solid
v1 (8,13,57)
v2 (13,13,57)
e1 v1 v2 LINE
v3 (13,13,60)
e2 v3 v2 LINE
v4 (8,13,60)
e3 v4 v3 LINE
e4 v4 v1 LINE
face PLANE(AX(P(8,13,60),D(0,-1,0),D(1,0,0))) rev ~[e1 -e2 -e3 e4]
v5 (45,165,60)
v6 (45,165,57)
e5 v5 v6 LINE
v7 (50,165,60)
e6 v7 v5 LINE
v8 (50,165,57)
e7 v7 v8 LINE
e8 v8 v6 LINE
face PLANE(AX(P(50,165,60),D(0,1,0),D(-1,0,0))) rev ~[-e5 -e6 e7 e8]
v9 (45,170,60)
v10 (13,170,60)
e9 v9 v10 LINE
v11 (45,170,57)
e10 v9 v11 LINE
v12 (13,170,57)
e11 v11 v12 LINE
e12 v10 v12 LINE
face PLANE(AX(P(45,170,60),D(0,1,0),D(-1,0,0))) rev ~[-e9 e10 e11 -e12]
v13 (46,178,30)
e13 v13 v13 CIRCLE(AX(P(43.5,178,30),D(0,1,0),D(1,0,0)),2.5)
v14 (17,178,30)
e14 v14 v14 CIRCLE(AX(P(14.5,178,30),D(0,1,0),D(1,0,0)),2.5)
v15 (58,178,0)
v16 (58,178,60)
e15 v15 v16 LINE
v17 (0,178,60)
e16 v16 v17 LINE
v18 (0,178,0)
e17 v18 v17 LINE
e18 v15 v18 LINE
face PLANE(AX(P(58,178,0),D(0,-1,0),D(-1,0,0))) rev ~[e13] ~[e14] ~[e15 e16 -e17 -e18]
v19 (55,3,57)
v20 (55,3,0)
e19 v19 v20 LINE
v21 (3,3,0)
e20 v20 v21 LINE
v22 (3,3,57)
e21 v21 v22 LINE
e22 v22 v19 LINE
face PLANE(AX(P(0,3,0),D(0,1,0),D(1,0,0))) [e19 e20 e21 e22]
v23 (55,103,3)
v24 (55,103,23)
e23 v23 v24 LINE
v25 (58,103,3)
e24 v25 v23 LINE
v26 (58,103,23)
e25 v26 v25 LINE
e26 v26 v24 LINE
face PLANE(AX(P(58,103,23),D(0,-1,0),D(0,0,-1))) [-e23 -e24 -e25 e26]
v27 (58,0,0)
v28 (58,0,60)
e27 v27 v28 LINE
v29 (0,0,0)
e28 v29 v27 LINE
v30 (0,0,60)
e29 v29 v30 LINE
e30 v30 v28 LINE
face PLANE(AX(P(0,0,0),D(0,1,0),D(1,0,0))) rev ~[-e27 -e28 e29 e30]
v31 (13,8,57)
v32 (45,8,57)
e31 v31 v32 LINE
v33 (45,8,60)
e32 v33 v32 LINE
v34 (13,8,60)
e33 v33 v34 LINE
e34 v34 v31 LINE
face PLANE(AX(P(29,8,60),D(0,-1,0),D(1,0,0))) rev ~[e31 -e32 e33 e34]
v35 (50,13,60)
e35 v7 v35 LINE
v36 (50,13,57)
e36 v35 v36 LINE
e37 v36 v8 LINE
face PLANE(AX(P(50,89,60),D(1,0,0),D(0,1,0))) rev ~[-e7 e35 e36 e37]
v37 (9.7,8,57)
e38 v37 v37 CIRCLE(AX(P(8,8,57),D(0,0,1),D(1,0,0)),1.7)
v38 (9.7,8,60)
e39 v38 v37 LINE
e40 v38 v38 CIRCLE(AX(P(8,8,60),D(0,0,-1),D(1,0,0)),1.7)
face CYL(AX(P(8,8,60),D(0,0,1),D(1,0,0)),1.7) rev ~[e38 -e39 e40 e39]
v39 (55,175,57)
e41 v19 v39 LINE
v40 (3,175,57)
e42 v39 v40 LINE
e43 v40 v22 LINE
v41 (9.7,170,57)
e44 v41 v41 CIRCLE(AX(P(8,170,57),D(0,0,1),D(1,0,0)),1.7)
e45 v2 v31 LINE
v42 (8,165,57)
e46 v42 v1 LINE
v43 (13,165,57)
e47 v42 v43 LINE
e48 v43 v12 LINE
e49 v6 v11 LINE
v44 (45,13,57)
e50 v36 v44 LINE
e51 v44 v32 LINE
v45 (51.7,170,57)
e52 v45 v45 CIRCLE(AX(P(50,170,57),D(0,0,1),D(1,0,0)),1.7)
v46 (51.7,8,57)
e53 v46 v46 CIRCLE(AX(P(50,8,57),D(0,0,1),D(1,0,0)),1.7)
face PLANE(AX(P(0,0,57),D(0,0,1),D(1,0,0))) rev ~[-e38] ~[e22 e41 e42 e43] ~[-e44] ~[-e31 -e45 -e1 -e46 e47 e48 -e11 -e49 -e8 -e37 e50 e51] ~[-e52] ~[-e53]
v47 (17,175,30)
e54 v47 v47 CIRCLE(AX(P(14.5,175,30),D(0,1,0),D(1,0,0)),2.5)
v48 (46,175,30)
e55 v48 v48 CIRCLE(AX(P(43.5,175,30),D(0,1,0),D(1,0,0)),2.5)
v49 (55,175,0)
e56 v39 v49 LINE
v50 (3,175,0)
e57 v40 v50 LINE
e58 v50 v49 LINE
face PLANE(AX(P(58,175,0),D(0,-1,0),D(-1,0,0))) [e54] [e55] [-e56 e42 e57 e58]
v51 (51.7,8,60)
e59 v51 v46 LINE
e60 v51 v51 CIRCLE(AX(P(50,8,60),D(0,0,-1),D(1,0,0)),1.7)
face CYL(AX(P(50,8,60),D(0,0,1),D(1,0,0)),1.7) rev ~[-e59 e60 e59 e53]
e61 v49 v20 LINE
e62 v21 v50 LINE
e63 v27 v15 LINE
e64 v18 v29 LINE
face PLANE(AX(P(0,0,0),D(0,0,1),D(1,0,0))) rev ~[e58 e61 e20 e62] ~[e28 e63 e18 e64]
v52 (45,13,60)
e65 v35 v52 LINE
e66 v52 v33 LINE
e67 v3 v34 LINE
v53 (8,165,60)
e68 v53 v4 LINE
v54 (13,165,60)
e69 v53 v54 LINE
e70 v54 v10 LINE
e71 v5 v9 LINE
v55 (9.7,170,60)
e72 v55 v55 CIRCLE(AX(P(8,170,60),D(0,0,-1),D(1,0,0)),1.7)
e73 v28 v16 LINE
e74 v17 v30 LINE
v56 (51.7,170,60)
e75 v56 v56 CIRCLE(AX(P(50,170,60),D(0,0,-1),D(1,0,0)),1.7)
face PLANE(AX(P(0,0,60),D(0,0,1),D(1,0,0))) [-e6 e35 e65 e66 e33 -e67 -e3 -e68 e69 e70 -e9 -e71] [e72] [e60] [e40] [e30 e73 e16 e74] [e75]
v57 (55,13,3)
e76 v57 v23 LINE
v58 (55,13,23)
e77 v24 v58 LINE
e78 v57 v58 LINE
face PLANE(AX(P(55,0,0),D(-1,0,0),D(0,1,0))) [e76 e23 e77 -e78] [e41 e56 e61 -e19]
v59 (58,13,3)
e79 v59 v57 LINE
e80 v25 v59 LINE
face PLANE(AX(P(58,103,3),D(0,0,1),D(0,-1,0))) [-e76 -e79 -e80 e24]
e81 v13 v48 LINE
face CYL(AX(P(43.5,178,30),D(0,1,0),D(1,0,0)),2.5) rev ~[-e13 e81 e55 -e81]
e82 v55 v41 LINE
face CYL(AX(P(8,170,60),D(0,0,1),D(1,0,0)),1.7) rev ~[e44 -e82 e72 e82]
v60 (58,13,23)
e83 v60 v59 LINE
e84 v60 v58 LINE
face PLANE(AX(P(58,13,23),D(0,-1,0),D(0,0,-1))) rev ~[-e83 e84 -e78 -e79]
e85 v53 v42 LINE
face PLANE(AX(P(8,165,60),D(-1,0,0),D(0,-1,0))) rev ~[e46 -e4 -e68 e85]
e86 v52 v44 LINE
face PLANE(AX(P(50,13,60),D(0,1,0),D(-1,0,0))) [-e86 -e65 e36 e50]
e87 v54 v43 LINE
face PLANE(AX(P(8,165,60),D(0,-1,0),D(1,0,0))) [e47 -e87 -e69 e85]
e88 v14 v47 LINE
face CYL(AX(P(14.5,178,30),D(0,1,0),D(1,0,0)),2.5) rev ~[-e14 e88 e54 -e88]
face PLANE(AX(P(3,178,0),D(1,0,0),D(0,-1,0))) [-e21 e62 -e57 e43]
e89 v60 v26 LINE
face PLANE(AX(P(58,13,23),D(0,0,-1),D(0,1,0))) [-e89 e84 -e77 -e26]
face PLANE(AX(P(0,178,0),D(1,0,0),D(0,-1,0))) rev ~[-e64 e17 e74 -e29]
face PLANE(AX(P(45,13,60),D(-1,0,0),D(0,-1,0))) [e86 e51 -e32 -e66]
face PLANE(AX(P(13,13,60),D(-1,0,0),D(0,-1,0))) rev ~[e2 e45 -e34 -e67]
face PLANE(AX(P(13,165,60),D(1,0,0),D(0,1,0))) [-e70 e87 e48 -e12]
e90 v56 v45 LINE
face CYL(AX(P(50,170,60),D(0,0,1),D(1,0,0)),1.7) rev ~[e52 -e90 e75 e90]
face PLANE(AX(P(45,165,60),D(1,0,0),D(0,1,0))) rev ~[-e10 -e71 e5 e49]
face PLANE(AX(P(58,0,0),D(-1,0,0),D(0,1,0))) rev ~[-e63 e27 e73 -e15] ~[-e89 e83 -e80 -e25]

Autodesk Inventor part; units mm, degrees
ref_plane "YZ Plane" through (0, 0, 0) normal (1, 0, 0) x (0, 1, 0)
ref_plane "XZ Plane" through (0, 0, 0) normal (0, 1, 0) x (-1, 0, 0)
ref_plane "XY Plane" through (0, 0, 0) normal (0, 0, 1) x (1, 0, 0)
sketch "Sketch1" plane through (0, 0, 0) normal (0, 0, 1) x (1, 0, 0)
  line L0 (0, 0) -> (58, 0)
  line L1 (58, 0) -> (58, 178)
  line L2 (58, 178) -> (0, 178)
  line L3 (0, 178) -> (0, 0)
  dimension "d0" = 58
  dimension "d1" = 178
extrude "Extrusion1" add sketch "Sketch1" along normal blind 60
shell "Shell1" thickness 3 removed faces 1 at (19.3333, 118.6667, 0)
sketch "Sketch2" plane through (0, 0, 60) normal (0, 0, 1) x (1, 0, 0)
  line L0 (3, 3) -> (55, 3) projected
  line L1 (3, 3) -> (8, 3)
  line L2 (8, 3) -> (8, 6.3)
  line L3 (55, 3) -> (55, 175) projected
  line L4 (55, 175) -> (55, 170)
  line L5 (55, 170) -> (51.7, 170)
  line L6 (48.3, 170) -> (9.7, 170)
  line L7 (8, 168.3) -> (8, 9.7)
  line L8 (9.7, 8) -> (48.3, 8)
  line L9 (50, 9.7) -> (50, 168.3)
  circle A0 centre (8, 8) radius 1.7
  line L10 (9.7, 8) -> (13, 8)
  line L11 (8, 9.7) -> (8, 13)
  line L12 (8, 13) -> (13, 13)
  line L13 (13, 13) -> (13, 8)
  line L14 (29, 8) -> (29, 9.7)
  circle A1 centre (50, 8) radius 1.7
  line L15 (48.3, 8) -> (45, 8)
  line L16 (50, 9.7) -> (50, 13)
  line L17 (50, 13) -> (45, 13)
  line L18 (45, 13) -> (45, 8)
  line L19 (50, 89) -> (45, 89)
  circle A2 centre (8, 170) radius 1.7
  line L20 (9.7, 170) -> (13, 170)
  line L21 (8, 168.3) -> (8, 165)
  line L22 (8, 165) -> (13, 165)
  line L23 (13, 165) -> (13, 170)
  circle A3 centre (50, 170) radius 1.7
  line L24 (48.3, 170) -> (45, 170)
  line L25 (50, 168.3) -> (50, 165)
  line L26 (45, 165) -> (45, 170)
  line L27 (50, 165) -> (45, 165)
  point P0 (0, 0)
  point P1 (58, 0)
  point P2 (58, 178)
  point P3 (0, 178)
  point P4 (50, 6.3)
  point P5 (8, 171.7)
  point P6 (50, 171.7)
  dimension "d29" = 5
  dimension "d31" = 5
  dimension "d32" = 5
  dimension "d33" = 3.4
  dimension "d34" = 3.3
  dimension "d35" = 3.3
extrude "Extrusion4" cut sketch "Sketch2" against normal blind 3 contours A0 | A3 | L7 L22 L23 L6 L26 L27 L9 L17 L18 L8 L13 L12 | A2 | A1
sketch "Sketch4" plane through (58, 0, 0) normal (1, 0, 0) x (0, 0, -1)
  line L0 (0, 3) -> (-57, 3) projected
  line L1 (0, 3) -> (-3, 3)
  line L2 (-3, 3) -> (-23, 3)
  line L3 (-23, 3) -> (-23, 103)
  line L4 (-23, 103) -> (-3, 103)
  line L5 (-3, 103) -> (-3, 3)
  line L6 (-23, 3) -> (-23, 13)
  line L7 (-23, 13) -> (-3, 13)
  point P0 (0, 0)
  dimension "d38" = 3
  dimension "d39" = 20
  dimension "d40" = 100
  dimension "d41" = 10
extrude "Extrusion5" cut sketch "Sketch4" against normal blind 4 contours L7 L3 L4 L5
sketch "Sketch5" plane through (0, 178, 0) normal (0, 1, 0) x (1, 0, 0)
  line L0 (55, 0) -> (3, 0) projected
  line L1 (29, 0) -> (29, -60)
  line L2 (58, -60) -> (0, -60) projected
  line L3 (55, 0) -> (55, -57) projected
  circle A0 centre (43.5, -30) radius 2.5
  circle A1 centre (14.5, -30) radius 2.5
  point P0 (0, 0)
  dimension "d44" = 5
extrude "Extrusion6" cut sketch "Sketch5" against normal blind 4
properties part number "port side"
